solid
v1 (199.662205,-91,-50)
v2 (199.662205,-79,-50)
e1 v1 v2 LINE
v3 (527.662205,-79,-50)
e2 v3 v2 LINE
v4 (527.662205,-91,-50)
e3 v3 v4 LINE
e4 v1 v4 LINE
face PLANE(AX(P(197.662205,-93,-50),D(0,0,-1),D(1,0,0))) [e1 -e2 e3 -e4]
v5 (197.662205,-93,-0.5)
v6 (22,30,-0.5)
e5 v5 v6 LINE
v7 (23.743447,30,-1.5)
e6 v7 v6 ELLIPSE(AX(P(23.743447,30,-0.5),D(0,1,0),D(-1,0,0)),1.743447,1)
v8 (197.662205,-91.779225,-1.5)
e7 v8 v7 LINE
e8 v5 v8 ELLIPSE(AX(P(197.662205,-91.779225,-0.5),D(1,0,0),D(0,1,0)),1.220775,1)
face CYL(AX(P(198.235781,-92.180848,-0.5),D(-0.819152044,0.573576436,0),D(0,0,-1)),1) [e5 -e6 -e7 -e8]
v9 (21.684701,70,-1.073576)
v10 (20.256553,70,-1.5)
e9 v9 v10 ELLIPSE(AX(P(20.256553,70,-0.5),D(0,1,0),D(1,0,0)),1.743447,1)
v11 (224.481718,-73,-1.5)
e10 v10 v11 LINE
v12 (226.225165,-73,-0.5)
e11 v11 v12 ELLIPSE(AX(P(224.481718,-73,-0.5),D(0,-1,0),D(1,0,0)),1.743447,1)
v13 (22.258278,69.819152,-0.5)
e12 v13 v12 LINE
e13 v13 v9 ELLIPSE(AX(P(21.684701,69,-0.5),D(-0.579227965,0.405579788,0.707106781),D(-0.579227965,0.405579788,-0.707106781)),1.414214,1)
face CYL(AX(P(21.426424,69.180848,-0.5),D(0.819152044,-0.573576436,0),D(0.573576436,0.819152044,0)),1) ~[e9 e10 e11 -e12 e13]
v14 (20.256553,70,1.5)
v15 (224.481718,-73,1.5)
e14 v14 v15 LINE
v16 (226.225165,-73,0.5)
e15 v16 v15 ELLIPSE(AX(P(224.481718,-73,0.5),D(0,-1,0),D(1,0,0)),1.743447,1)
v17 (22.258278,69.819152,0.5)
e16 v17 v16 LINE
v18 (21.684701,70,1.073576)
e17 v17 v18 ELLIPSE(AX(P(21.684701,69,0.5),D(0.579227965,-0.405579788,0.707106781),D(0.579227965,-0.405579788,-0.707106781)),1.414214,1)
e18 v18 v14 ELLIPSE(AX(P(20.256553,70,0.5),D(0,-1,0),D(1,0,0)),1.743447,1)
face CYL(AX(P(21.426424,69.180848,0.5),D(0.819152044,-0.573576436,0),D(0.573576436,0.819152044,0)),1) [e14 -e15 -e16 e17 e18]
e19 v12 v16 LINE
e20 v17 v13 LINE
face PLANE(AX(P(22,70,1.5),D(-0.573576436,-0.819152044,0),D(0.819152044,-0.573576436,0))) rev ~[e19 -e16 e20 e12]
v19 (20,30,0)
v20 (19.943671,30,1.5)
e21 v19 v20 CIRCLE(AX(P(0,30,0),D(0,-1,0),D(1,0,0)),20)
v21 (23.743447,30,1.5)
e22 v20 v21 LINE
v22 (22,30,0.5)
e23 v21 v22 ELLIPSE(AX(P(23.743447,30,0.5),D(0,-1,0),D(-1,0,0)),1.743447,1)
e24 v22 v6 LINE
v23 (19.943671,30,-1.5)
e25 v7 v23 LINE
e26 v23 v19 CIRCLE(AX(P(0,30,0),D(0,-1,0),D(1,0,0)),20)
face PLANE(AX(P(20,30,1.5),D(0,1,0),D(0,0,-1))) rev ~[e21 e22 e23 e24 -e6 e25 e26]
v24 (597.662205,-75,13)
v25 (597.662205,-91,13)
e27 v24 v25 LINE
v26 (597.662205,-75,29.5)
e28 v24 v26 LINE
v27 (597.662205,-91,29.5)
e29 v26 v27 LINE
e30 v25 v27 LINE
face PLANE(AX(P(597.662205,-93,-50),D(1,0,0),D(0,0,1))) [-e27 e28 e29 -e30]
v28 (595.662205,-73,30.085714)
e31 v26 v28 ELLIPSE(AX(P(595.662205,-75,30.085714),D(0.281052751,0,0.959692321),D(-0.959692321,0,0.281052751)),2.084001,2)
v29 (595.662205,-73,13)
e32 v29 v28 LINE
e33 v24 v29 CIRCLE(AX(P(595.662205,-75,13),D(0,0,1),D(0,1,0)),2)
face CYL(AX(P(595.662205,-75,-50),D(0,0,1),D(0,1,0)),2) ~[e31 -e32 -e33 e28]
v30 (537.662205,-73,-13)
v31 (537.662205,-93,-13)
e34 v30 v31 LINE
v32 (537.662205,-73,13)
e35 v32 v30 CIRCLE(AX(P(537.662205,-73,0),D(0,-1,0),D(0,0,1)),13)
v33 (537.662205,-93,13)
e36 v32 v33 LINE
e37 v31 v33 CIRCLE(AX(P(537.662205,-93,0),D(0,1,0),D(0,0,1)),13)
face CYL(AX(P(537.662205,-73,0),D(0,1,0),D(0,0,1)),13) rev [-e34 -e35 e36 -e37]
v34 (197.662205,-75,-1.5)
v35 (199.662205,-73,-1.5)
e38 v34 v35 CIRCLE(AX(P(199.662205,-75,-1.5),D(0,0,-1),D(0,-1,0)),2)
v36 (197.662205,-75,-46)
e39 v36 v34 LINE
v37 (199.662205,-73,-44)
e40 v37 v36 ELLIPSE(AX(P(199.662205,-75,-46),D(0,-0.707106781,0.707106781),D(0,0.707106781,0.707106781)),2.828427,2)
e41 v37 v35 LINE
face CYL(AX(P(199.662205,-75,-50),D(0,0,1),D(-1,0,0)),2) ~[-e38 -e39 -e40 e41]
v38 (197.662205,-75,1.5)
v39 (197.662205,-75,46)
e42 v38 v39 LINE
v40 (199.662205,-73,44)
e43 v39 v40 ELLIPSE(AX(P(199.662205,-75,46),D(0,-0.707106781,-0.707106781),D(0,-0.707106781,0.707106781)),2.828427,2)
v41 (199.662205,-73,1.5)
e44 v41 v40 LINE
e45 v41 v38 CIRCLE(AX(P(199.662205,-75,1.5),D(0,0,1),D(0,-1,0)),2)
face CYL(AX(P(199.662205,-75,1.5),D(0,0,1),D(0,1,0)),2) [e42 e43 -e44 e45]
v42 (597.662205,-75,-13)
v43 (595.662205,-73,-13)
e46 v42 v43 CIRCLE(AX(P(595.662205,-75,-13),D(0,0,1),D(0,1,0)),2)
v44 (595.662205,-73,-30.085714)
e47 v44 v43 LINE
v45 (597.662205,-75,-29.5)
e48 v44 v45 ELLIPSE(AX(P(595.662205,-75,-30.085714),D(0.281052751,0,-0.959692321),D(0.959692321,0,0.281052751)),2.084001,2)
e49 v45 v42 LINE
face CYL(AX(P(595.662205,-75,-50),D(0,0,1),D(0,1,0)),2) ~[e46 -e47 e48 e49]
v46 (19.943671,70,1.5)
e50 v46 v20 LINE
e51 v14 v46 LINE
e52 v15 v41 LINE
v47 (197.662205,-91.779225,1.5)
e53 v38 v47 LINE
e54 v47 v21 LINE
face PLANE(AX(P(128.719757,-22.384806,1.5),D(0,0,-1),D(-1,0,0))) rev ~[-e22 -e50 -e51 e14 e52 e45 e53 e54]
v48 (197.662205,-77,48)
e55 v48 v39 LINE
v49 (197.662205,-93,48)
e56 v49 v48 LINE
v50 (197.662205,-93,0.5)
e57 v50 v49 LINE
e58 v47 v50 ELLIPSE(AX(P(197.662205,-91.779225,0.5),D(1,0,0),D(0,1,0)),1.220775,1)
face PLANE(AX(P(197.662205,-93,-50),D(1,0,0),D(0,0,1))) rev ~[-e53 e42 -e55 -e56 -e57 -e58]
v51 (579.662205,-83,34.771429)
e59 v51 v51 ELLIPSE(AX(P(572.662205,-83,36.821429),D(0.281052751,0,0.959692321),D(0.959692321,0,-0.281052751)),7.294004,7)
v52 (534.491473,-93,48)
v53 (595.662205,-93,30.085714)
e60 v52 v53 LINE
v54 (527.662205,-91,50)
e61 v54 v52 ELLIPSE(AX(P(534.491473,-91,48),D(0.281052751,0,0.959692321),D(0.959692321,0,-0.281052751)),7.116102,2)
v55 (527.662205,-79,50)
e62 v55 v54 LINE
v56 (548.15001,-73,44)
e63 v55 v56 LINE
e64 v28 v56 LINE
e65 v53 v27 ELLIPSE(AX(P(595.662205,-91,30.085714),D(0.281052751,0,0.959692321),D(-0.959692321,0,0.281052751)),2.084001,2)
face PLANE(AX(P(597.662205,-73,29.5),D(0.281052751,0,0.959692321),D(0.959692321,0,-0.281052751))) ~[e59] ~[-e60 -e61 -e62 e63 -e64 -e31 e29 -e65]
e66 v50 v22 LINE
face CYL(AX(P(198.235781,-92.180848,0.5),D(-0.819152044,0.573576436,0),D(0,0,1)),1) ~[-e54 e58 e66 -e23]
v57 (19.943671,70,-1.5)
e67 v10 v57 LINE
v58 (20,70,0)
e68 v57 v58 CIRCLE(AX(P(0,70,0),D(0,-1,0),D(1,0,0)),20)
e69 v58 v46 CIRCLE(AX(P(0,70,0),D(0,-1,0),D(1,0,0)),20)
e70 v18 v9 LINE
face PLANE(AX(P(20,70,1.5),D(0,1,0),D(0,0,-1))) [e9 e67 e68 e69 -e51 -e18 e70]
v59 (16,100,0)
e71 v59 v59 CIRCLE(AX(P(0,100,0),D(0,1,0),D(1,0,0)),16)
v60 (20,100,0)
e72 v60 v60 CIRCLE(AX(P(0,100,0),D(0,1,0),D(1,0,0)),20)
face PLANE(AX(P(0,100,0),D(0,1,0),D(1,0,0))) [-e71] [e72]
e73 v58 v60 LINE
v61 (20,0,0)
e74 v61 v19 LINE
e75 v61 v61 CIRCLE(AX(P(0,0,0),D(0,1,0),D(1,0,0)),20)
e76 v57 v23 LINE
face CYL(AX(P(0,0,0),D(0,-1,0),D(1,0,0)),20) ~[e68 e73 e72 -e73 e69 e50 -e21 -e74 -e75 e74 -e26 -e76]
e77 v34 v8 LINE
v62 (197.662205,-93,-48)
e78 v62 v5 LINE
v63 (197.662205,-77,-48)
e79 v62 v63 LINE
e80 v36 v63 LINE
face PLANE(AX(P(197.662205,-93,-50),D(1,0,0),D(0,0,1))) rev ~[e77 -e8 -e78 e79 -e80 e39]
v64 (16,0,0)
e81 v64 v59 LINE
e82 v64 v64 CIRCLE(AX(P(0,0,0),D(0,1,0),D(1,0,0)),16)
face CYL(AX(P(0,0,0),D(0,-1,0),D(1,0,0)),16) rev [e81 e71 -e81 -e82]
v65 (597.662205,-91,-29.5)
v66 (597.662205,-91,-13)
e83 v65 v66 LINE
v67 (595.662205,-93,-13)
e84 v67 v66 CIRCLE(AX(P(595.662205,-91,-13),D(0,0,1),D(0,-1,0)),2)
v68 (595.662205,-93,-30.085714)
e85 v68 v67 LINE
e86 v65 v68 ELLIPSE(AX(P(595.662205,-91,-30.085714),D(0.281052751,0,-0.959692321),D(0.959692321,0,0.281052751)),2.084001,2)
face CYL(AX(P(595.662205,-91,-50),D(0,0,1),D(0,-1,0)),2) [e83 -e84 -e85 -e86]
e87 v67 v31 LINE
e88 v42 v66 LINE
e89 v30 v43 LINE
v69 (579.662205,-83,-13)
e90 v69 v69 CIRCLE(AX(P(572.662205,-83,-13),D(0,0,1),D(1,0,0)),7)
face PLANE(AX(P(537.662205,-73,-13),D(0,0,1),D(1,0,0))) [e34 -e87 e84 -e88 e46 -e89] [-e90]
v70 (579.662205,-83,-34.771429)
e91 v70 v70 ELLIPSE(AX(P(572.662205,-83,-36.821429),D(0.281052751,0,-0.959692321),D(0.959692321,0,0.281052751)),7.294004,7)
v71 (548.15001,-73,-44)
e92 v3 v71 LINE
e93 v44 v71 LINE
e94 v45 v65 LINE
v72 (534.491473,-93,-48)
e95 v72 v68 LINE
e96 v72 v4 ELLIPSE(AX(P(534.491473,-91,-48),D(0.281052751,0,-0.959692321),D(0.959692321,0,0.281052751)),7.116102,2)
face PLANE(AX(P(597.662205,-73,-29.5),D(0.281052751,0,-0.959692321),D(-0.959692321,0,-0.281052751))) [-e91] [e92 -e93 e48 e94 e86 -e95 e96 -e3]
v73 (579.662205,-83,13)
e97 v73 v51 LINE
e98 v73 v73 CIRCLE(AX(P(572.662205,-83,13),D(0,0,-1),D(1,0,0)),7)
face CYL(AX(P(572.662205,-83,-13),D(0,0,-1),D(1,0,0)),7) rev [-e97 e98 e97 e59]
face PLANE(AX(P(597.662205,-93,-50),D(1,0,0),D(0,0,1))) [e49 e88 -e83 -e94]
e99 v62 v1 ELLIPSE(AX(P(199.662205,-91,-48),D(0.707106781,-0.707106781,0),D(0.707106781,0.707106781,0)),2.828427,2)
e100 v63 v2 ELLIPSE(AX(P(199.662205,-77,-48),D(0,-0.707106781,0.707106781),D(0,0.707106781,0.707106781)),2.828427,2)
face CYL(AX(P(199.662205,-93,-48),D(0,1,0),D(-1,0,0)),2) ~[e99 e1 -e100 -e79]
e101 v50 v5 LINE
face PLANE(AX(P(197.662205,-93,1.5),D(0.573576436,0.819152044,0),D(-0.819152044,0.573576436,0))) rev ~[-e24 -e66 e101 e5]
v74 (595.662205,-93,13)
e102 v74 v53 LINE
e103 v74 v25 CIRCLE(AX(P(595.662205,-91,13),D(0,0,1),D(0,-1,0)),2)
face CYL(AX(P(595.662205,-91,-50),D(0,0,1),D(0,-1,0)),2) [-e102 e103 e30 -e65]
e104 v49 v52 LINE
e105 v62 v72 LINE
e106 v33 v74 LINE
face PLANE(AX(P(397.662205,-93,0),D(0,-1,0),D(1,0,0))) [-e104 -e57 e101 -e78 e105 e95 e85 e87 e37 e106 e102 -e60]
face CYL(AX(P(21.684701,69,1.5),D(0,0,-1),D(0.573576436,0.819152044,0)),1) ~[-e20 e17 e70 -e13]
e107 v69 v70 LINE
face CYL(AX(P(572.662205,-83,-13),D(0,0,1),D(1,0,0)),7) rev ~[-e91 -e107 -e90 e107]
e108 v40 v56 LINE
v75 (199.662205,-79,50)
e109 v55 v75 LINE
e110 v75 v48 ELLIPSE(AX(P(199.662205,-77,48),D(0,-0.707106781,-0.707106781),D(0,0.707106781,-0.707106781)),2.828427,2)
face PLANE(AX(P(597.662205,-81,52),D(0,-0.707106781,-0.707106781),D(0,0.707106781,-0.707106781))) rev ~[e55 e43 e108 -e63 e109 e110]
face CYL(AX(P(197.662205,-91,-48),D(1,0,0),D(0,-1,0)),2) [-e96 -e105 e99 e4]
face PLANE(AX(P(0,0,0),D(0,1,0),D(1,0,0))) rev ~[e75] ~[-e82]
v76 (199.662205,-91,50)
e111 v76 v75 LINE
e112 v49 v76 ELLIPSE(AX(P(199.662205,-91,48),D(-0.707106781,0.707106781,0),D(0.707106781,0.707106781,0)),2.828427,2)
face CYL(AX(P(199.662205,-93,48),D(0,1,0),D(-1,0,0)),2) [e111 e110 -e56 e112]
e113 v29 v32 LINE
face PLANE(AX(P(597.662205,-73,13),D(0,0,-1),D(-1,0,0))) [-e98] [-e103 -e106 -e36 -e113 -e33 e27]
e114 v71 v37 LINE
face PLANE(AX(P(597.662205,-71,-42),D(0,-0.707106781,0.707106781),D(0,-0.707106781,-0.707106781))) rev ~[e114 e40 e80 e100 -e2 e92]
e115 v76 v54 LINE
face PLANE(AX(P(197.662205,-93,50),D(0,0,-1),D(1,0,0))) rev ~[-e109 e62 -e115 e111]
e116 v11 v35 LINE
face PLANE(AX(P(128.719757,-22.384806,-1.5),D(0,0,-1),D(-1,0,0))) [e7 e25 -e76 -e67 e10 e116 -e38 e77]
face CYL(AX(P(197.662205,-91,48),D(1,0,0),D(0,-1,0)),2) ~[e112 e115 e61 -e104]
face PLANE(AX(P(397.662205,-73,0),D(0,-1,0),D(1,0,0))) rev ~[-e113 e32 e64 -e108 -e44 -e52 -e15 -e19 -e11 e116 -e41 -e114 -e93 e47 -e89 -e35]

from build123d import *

# Parameters (mm, degrees)
SKETCH1_R               = 20
SKETCH1_R_2             = 16
BOSS_EXTRUDE1_DEPTH     = 100
SKETCH2_W               = 3
SKETCH2_H               = 40
BOSS_EXTRUDE11_DEPTH    = 2
SKETCH3_W               = 3
SKETCH3_H               = 40
BOSS_EXTRUDE12_DEPTH    = 2
BOSS_EXTRUDE13_DEPTH    = 3
FILLET1_R               = 1
SKETCH5_W               = 400
SKETCH5_H               = 100
BOSS_EXTRUDE14_DEPTH    = 20
FILLET2_R               = 2
CUT_EXTRUDE1_DEPTH      = 1
CUT_EXTRUDE1_DEPTH_BACK = 618.662204829
CUT_EXTRUDE2_DEPTH      = 1
CUT_EXTRUDE2_DEPTH_BACK = 618.662204829
CUT_EXTRUDE3_DEPTH      = 21
CUT_EXTRUDE4_DEPTH      = 21
SKETCH11_R              = 7
CUT_EXTRUDE5_DEPTH      = 64
CUT_EXTRUDE5_DEPTH_BACK = 38


with BuildPart() as part:
    # Sketch1 → Boss-Extrude1 (new body)
    with BuildSketch(Plane(origin=(0, 0, 0), x_dir=(1, 0, 0), z_dir=(0, 1, 0))):
        Circle(SKETCH1_R)
        Circle(SKETCH1_R_2, mode=Mode.SUBTRACT)
    extrude(amount=BOSS_EXTRUDE1_DEPTH)

    # Sketch2 → Boss-Extrude11 (add)
    with BuildSketch(Plane(origin=(20, 0, 0), x_dir=(0, 0, -1), z_dir=(1, 0, 0))):
        with Locations((0, 50)):
            Rectangle(SKETCH2_W, SKETCH2_H)
    extrude(amount=-BOSS_EXTRUDE11_DEPTH)

    # Sketch3 → Boss-Extrude12 (add)
    with BuildSketch(Plane(origin=(20, 0, 0), x_dir=(0, 0, -1), z_dir=(1, 0, 0))):
        with Locations((0, 50)):
            Rectangle(SKETCH3_W, SKETCH3_H)
    extrude(amount=BOSS_EXTRUDE12_DEPTH)

    # Sketch4 → Boss-Extrude13 (add)
    with BuildSketch(Plane.XY.offset(1.5)):
        Polygon((22, 70), (254.788125099, -93), (197.662204829, -93), (22, 30), align=None)
    extrude(amount=-BOSS_EXTRUDE13_DEPTH)

    # Fillet1
    fillet1_edges = [part.edges().sort_by_distance(p)[0] for p in [
        (22, 70, 0),
        (138.394062549, -11.5, -1.5),
        (254.788125099, -93, 0),
        (109.831102415, -31.5, -1.5),
        (109.831102415, -31.5, 1.5),
        (138.394062549, -11.5, 1.5),
    ]]
    fillet(fillet1_edges, radius=FILLET1_R)

    # Sketch5 → Boss-Extrude14 (add)
    with BuildSketch(Plane.XZ.offset(93)):
        with Locations((397.662204829, 0)):
            Rectangle(SKETCH5_W, SKETCH5_H)
    extrude(amount=-BOSS_EXTRUDE14_DEPTH)

    # Fillet2
    fillet2_edges = [part.edges().sort_by_distance(p)[0] for p in [
        (197.662204829, -73, -25.75),
        (197.662204829, -83, -50),
        (397.662204829, -73, 50),
        (197.662204829, -83, 50),
        (597.662204829, -73, 0),
        (597.662204829, -83, 50),
        (397.662204829, -73, -50),
        (597.662204829, -83, -50),
        (197.662204829, -73, 25.75),
        (397.662204829, -93, -50),
        (597.662204829, -93, 0),
        (397.662204829, -93, 50),
    ]]
    fillet(fillet2_edges, radius=FILLET2_R)

    # Sketch6 → Cut-Extrude1 (cut, two sides)
    with BuildSketch(Plane(origin=(597.662204829, 0, 0), x_dir=(0, 0, -1), z_dir=(1, 0, 0))) as cut_extrude1_sk:
        Polygon((-52, -81), (-42, -71), (-52, -71), align=None)
    extrude(amount=CUT_EXTRUDE1_DEPTH, mode=Mode.SUBTRACT)
    extrude(cut_extrude1_sk.sketch, amount=-CUT_EXTRUDE1_DEPTH_BACK, mode=Mode.SUBTRACT)

    # Sketch7 → Cut-Extrude2 (cut, two sides)
    with BuildSketch(Plane(origin=(597.662204829, 0, 0), x_dir=(0, 0, -1), z_dir=(1, 0, 0))) as cut_extrude2_sk:
        Polygon((42, -71), (52, -81), (52, -71), align=None)
    extrude(amount=CUT_EXTRUDE2_DEPTH, mode=Mode.SUBTRACT)
    extrude(cut_extrude2_sk.sketch, amount=-CUT_EXTRUDE2_DEPTH_BACK, mode=Mode.SUBTRACT)

    # Sketch8 → Cut-Extrude3 (cut, through all)
    with BuildSketch(Plane(origin=(0, -73, 0), x_dir=(1, 0, 0), z_dir=(0, 1, 0))):
        with BuildLine():
            Line((537.662204829, 13), (597.662204829, 13))
            Line((597.662204829, 13), (597.662204829, -13))
            Line((597.662204829, -13), (537.662204829, -13))
            ThreePointArc((537.662204829, -13), (524.662204829, 0), (537.662204829, 13))
        make_face()
    extrude(amount=-CUT_EXTRUDE3_DEPTH, mode=Mode.SUBTRACT)

    # Sketch9 → Cut-Extrude4 (cut, through all)
    with BuildSketch(Plane(origin=(0, -73, 0), x_dir=(1, 0, 0), z_dir=(0, 1, 0))):
        Polygon((527.662204829, 50), (597.662204829, 50), (597.662204829, 29.5), align=None)
    cut_extrude4 = extrude(amount=-CUT_EXTRUDE4_DEPTH, mode=Mode.SUBTRACT)

    # Mirror1: Cut-Extrude4 across plane
    add(cut_extrude4.mirror(Plane.XY), mode=Mode.SUBTRACT)

    # Sketch11 → Cut-Extrude5 (cut, two sides)
    with BuildSketch(Plane.XY.offset(-13)) as cut_extrude5_sk:
        with Locations((572.662204829, -83)):
            Circle(SKETCH11_R)
    extrude(amount=CUT_EXTRUDE5_DEPTH, mode=Mode.SUBTRACT)
    extrude(cut_extrude5_sk.sketch, amount=-CUT_EXTRUDE5_DEPTH_BACK, mode=Mode.SUBTRACT)


solid = part.part
